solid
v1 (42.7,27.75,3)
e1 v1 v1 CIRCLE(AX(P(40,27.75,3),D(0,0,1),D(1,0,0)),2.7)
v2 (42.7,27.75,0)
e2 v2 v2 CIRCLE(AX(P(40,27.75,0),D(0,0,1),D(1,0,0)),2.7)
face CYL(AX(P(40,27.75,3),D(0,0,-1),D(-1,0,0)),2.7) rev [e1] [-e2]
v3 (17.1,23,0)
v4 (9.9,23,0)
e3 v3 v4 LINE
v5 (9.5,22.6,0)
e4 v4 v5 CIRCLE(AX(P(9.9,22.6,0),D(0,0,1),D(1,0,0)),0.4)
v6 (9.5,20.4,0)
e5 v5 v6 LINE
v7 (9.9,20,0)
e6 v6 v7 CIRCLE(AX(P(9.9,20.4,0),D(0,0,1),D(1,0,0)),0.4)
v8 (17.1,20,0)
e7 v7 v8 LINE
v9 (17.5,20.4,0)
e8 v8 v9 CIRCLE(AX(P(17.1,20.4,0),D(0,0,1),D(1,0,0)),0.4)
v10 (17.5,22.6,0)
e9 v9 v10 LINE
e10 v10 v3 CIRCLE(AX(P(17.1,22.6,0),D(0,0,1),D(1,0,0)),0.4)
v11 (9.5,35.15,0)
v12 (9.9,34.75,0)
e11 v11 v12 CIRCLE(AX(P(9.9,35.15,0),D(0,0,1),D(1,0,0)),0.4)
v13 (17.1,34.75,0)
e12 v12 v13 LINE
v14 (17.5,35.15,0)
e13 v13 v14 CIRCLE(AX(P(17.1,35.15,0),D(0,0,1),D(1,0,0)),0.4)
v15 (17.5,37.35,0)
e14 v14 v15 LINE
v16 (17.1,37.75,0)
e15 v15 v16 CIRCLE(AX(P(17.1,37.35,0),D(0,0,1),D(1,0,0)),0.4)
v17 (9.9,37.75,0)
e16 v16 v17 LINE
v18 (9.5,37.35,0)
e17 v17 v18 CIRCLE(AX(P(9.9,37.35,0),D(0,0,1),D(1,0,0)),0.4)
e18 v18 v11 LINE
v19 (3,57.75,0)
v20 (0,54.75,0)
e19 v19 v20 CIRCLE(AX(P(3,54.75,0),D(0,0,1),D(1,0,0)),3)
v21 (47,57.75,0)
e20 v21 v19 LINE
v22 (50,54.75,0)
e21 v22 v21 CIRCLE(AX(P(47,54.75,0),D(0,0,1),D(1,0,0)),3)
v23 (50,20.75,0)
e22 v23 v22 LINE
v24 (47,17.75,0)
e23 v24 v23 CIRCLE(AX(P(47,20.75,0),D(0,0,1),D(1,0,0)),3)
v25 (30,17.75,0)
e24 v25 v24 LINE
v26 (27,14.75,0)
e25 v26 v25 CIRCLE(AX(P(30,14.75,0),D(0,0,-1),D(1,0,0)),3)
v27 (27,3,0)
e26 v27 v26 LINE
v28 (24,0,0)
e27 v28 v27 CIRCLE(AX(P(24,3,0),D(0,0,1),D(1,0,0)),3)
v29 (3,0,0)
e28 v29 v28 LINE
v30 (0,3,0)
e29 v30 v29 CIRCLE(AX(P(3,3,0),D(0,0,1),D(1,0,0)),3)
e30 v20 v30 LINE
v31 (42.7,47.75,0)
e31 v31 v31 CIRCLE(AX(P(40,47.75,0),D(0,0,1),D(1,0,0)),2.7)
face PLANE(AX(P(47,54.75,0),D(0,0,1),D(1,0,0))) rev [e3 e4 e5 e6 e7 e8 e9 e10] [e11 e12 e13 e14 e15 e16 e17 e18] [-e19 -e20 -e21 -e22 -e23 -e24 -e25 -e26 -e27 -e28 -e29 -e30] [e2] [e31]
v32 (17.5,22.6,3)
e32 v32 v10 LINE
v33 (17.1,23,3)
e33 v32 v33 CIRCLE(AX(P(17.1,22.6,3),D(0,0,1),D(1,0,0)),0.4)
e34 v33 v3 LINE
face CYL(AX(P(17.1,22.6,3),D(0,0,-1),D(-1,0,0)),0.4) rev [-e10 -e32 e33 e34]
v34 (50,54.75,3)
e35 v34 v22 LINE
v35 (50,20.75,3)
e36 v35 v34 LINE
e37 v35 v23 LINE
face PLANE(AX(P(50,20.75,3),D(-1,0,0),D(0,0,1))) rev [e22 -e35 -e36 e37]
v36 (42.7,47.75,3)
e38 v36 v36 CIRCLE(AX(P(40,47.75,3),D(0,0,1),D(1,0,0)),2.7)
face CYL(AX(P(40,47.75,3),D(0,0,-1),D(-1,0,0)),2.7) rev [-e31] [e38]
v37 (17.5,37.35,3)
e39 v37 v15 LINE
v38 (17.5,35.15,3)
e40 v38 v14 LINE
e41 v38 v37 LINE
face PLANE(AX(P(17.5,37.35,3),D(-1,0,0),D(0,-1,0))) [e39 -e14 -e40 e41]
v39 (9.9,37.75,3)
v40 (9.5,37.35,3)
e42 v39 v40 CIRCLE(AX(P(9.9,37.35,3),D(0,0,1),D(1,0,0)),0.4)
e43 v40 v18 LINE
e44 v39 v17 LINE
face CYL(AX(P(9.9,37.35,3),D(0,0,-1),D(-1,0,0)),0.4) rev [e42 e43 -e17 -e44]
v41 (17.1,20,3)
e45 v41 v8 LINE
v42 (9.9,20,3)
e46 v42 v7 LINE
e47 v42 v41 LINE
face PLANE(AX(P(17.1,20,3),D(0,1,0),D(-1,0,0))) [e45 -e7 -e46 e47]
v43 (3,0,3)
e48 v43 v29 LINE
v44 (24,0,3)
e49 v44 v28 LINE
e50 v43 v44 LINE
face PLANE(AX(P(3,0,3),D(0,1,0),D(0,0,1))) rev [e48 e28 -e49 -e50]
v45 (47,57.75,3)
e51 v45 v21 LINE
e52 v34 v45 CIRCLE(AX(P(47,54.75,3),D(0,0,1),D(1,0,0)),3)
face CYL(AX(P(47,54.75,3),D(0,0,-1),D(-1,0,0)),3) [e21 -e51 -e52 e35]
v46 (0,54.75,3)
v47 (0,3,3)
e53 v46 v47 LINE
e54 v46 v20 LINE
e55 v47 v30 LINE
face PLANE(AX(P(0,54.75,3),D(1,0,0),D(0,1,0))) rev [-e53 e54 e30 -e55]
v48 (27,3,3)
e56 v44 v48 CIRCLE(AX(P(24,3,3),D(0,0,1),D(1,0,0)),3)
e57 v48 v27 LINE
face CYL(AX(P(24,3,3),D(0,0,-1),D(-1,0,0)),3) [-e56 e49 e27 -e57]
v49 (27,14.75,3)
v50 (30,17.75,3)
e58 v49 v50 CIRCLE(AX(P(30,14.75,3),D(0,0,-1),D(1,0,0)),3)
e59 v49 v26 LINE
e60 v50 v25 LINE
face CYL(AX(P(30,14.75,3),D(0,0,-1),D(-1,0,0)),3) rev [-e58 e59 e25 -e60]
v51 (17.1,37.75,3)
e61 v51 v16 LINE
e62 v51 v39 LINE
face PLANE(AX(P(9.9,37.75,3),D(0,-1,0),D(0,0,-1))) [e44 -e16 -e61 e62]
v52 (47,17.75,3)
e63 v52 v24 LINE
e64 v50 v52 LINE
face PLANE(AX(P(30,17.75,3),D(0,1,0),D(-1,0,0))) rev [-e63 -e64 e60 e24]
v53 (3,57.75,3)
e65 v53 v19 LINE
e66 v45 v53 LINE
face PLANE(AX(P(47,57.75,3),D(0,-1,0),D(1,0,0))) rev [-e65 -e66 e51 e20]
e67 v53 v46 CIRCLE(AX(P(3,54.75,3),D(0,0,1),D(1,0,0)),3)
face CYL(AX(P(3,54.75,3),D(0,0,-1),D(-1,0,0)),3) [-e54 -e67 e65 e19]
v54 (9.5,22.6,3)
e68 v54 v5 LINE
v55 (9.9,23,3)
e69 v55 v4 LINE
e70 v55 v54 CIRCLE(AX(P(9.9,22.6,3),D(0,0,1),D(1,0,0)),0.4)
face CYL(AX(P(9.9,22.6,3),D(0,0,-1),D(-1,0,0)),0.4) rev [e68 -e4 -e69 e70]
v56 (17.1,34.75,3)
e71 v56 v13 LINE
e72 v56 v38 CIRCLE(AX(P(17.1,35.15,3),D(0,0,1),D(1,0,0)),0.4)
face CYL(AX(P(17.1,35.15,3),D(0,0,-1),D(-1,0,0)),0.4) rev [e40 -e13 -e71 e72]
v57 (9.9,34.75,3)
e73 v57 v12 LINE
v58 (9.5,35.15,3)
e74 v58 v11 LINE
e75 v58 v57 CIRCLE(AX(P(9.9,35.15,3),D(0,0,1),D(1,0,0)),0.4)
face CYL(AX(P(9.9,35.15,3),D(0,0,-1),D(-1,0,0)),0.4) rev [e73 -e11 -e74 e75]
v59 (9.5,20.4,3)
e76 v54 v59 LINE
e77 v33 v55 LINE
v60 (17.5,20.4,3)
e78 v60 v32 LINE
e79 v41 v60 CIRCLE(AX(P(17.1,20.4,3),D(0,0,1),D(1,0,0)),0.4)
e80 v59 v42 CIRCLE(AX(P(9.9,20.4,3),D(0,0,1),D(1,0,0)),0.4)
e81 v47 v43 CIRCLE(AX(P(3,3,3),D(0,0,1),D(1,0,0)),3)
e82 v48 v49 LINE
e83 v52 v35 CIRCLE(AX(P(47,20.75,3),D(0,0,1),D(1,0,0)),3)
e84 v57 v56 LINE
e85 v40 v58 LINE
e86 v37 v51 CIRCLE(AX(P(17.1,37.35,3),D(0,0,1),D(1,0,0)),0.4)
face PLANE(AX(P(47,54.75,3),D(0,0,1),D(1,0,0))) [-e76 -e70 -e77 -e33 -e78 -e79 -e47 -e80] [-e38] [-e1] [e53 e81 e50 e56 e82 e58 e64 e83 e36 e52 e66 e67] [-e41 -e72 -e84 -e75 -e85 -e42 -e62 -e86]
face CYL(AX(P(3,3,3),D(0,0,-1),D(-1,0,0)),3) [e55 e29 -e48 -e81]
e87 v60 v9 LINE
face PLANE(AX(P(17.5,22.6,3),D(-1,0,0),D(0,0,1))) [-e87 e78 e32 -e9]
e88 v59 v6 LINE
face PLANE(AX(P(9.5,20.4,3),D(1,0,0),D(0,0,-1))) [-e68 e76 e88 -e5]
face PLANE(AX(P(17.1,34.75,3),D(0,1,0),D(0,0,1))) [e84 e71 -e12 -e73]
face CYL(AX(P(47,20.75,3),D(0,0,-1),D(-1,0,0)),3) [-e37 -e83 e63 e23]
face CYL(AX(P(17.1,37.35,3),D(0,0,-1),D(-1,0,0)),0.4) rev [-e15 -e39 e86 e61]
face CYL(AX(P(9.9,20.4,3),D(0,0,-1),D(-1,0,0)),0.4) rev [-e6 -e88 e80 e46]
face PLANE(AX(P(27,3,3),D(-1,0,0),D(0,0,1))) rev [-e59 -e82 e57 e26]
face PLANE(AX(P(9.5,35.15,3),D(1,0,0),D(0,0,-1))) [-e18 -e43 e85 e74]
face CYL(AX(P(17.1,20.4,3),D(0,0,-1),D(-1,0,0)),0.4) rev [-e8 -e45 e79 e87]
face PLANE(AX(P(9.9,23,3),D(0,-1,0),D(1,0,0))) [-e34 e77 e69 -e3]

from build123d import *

# Parameters (mm, degrees)
MODEL_R                         = 2.7
AUFSATZ_LINEAR_AUSTRAGEN1_DEPTH = 3


with BuildPart() as part:
    # Model → Aufsatz-Linear austragen1 (new body)
    with BuildSketch(Plane.XY):
        with BuildLine():
            Line((50, 20.75), (50, 54.75))
            ThreePointArc((50, 54.75), (49.121320344, 56.871320344), (47, 57.75))
            Line((47, 57.75), (3, 57.75))
            ThreePointArc((3, 57.75), (0.878679656, 56.871320344), (0, 54.75))
            Line((0, 54.75), (0, 3))
            ThreePointArc((0, 3), (0.878679656, 0.878679656), (3, 0))
            Line((3, 0), (24, 0))
            ThreePointArc((24, 0), (26.121320344, 0.878679656), (27, 3))
            Line((27, 3), (27, 14.75))
            ThreePointArc((27, 14.75), (27.878679656, 16.871320344), (30, 17.75))
            Line((30, 17.75), (47, 17.75))
            ThreePointArc((47, 17.75), (49.121320344, 18.628679656), (50, 20.75))
        make_face()
        with Locations((40, 27.75)):
            Circle(MODEL_R, mode=Mode.SUBTRACT)
        with Locations((40, 47.75)):
            Circle(MODEL_R, mode=Mode.SUBTRACT)
        with BuildLine():
            Line((17.1, 34.75), (9.9, 34.75))
            ThreePointArc((9.9, 34.75), (9.617157288, 34.867157288), (9.5, 35.15))
            Line((9.5, 35.15), (9.5, 37.35))
            ThreePointArc((9.5, 37.35), (9.617157288, 37.632842712), (9.9, 37.75))
            Line((9.9, 37.75), (17.1, 37.75))
            ThreePointArc((17.1, 37.75), (17.382842712, 37.632842712), (17.5, 37.35))
            Line((17.5, 37.35), (17.5, 35.15))
            ThreePointArc((17.5, 35.15), (17.382842712, 34.867157288), (17.1, 34.75))
        make_face(mode=Mode.SUBTRACT)
        with BuildLine():
            Line((17.100000028, 20.000000104), (9.900000028, 20.000000104))
            ThreePointArc((9.900000028, 20.000000104), (9.617157315, 20.117157391), (9.500000028, 20.400000104))
            Line((9.500000028, 20.400000104), (9.500000028, 22.600000104))
            ThreePointArc((9.500000028, 22.600000104), (9.617157315, 22.882842816), (9.900000028, 23.000000104))
            Line((9.900000028, 23.000000104), (17.100000028, 23.000000104))
            ThreePointArc((17.100000028, 23.000000104), (17.38284274, 22.882842816), (17.500000028, 22.600000104))
            Line((17.500000028, 22.600000104), (17.500000028, 20.400000104))
            ThreePointArc((17.500000028, 20.400000104), (17.38284274, 20.117157391), (17.100000028, 20.000000104))
        make_face(mode=Mode.SUBTRACT)
    extrude(amount=AUFSATZ_LINEAR_AUSTRAGEN1_DEPTH)


solid = part.part
